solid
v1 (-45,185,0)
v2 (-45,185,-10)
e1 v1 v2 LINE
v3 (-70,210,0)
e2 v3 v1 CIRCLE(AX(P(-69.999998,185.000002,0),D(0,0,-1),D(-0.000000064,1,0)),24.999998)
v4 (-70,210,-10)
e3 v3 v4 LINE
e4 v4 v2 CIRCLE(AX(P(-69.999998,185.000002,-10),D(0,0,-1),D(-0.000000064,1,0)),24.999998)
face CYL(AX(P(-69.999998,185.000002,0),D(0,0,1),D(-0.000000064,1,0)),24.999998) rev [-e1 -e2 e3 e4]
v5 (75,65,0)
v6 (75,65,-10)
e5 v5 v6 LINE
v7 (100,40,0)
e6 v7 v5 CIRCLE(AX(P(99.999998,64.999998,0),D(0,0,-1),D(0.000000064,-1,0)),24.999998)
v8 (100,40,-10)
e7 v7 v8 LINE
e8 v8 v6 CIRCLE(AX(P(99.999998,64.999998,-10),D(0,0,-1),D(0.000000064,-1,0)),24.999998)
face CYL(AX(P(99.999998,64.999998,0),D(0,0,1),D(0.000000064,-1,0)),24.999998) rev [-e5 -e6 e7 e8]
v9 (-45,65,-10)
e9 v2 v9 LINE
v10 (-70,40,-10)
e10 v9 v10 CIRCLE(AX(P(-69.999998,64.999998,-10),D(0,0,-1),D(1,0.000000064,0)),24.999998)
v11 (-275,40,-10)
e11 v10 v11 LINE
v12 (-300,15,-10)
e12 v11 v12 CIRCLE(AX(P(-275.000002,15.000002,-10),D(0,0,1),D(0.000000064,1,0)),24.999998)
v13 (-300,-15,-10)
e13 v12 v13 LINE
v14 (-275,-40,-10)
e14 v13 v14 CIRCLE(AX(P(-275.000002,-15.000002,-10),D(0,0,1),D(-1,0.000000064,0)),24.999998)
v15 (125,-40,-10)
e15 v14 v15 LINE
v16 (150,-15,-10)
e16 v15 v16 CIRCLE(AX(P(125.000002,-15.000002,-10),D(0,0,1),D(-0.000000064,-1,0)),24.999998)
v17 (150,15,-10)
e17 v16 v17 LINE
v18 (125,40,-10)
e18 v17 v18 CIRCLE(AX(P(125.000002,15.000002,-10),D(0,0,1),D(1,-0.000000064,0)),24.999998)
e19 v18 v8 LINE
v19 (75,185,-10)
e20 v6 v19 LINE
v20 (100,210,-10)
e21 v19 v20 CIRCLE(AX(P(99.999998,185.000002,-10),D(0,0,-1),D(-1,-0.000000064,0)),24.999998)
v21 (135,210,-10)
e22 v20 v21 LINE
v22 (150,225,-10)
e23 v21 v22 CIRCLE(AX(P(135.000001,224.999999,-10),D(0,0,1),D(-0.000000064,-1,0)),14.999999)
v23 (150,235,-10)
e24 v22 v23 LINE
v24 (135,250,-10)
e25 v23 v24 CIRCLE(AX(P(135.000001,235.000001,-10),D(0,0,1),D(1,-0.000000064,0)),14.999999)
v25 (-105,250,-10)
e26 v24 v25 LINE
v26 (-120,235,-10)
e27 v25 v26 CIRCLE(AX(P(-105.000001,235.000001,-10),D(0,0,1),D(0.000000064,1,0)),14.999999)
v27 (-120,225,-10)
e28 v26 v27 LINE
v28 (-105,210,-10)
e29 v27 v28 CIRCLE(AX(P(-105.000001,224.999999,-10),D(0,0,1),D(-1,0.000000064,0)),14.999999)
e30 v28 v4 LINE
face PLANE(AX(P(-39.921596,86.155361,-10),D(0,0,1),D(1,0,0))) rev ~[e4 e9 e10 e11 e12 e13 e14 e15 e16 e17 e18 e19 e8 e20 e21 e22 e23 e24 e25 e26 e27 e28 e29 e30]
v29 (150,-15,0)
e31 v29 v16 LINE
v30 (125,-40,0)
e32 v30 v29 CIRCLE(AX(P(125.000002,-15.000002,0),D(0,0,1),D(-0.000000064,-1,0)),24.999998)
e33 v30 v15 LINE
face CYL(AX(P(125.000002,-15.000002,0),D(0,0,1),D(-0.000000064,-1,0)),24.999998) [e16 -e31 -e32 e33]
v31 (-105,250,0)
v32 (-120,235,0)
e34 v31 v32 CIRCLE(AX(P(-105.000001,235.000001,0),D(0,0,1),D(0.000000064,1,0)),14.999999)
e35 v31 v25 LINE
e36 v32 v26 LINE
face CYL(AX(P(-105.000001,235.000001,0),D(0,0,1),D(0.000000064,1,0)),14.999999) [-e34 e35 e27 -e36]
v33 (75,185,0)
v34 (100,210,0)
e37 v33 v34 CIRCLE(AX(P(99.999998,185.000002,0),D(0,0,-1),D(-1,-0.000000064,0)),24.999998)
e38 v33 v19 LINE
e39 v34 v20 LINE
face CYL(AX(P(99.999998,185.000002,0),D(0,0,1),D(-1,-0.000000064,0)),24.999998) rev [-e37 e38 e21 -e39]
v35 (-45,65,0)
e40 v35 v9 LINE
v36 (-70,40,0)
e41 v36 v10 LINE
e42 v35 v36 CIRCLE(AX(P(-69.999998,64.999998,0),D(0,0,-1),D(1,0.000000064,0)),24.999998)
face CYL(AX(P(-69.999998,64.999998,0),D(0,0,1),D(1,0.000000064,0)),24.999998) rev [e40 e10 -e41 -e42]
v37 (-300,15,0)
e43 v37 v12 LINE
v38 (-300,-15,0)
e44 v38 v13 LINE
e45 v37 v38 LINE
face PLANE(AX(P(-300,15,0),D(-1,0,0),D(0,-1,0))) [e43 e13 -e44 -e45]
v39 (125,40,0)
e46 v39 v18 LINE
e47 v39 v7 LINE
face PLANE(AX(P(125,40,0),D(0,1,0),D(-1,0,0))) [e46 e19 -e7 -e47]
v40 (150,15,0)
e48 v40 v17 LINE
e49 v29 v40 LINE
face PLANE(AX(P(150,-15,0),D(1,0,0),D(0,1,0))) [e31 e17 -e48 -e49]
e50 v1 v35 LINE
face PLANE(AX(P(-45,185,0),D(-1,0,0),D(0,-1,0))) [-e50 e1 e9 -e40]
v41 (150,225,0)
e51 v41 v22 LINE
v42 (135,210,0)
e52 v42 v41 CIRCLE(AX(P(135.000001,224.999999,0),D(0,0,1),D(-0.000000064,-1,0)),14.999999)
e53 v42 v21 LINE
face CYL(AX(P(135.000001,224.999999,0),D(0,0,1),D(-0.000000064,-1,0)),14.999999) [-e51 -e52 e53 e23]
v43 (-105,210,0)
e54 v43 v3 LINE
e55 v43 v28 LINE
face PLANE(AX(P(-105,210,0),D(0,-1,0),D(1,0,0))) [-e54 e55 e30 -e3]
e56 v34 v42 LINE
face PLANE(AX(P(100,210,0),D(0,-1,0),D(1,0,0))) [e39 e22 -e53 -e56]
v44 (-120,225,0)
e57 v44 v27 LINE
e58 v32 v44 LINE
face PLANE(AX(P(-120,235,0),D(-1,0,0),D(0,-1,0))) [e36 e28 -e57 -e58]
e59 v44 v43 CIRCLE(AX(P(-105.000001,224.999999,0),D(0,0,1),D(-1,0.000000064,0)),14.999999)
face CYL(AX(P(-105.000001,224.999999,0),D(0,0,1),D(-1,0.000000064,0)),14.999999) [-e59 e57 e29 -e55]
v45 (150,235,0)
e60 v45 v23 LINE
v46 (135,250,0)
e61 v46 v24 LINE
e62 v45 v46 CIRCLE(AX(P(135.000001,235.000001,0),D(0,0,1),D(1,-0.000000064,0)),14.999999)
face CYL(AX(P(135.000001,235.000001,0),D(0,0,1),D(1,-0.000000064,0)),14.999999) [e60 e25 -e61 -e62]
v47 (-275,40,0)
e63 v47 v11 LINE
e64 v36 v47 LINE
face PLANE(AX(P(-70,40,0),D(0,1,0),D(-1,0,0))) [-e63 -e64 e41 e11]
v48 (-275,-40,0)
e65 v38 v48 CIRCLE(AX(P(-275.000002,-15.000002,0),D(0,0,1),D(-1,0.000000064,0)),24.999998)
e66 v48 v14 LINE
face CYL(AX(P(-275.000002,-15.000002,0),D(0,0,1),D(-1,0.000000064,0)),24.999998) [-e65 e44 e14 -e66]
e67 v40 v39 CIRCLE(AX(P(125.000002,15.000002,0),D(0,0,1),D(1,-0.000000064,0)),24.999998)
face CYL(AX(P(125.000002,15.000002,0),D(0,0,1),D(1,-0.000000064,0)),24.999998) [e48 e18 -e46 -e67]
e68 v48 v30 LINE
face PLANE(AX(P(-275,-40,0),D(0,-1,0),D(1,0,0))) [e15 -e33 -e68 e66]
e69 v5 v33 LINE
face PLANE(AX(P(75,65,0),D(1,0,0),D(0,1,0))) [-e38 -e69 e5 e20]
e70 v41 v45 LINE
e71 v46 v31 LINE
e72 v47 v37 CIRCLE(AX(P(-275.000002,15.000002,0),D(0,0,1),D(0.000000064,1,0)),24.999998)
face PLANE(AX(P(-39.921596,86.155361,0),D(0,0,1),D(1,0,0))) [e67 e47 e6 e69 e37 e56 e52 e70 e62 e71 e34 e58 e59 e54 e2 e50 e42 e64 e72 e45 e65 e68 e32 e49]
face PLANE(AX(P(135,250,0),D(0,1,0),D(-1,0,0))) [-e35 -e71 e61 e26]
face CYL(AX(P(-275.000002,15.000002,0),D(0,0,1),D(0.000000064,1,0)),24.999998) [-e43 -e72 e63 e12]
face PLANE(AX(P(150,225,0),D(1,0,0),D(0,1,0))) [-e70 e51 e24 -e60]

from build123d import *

# Parameters (mm, degrees)
F1_DEPTH = 10


with BuildPart() as f1:
    # F0 (on Top) → F1 (new body)
    with BuildSketch(Plane.XY):
        with BuildLine():
            Line((-70, 40), (-120, 40))
            Line((-120, 40), (-275, 40))
            ThreePointArc((-275, 40), (-292.67767, 32.67767), (-300, 15))
            Line((-300, 15), (-300, 0))
            Line((-300, 0), (-300, -15))
            ThreePointArc((-300, -15), (-292.67767, -32.67767), (-275, -40))
            Line((-275, -40), (125, -40))
            ThreePointArc((125, -40), (142.67767, -32.67767), (150, -15))
            Line((150, -15), (150, 15))
            ThreePointArc((150, 15), (142.67767, 32.67767), (125, 40))
            Line((125, 40), (100, 40))
            ThreePointArc((100, 40), (82.32233, 47.32233), (75, 65))
            Line((75, 65), (75, 185))
            ThreePointArc((75, 185), (82.32233, 202.67767), (100, 210))
            Line((100, 210), (135, 210))
            ThreePointArc((135, 210), (145.606602, 214.393398), (150, 225))
            Line((150, 225), (150, 235))
            ThreePointArc((150, 235), (145.606602, 245.606602), (135, 250))
            Line((135, 250), (-105, 250))
            ThreePointArc((-105, 250), (-115.606602, 245.606602), (-120, 235))
            Line((-120, 235), (-120, 225))
            ThreePointArc((-120, 225), (-115.606602, 214.393398), (-105, 210))
            Line((-105, 210), (-70, 210))
            ThreePointArc((-70, 210), (-52.32233, 202.67767), (-45, 185))
            Line((-45, 185), (-45, 65))
            ThreePointArc((-45, 65), (-52.32233, 47.32233), (-70, 40))
        make_face()
    extrude(amount=-F1_DEPTH)


solid = f1.part
